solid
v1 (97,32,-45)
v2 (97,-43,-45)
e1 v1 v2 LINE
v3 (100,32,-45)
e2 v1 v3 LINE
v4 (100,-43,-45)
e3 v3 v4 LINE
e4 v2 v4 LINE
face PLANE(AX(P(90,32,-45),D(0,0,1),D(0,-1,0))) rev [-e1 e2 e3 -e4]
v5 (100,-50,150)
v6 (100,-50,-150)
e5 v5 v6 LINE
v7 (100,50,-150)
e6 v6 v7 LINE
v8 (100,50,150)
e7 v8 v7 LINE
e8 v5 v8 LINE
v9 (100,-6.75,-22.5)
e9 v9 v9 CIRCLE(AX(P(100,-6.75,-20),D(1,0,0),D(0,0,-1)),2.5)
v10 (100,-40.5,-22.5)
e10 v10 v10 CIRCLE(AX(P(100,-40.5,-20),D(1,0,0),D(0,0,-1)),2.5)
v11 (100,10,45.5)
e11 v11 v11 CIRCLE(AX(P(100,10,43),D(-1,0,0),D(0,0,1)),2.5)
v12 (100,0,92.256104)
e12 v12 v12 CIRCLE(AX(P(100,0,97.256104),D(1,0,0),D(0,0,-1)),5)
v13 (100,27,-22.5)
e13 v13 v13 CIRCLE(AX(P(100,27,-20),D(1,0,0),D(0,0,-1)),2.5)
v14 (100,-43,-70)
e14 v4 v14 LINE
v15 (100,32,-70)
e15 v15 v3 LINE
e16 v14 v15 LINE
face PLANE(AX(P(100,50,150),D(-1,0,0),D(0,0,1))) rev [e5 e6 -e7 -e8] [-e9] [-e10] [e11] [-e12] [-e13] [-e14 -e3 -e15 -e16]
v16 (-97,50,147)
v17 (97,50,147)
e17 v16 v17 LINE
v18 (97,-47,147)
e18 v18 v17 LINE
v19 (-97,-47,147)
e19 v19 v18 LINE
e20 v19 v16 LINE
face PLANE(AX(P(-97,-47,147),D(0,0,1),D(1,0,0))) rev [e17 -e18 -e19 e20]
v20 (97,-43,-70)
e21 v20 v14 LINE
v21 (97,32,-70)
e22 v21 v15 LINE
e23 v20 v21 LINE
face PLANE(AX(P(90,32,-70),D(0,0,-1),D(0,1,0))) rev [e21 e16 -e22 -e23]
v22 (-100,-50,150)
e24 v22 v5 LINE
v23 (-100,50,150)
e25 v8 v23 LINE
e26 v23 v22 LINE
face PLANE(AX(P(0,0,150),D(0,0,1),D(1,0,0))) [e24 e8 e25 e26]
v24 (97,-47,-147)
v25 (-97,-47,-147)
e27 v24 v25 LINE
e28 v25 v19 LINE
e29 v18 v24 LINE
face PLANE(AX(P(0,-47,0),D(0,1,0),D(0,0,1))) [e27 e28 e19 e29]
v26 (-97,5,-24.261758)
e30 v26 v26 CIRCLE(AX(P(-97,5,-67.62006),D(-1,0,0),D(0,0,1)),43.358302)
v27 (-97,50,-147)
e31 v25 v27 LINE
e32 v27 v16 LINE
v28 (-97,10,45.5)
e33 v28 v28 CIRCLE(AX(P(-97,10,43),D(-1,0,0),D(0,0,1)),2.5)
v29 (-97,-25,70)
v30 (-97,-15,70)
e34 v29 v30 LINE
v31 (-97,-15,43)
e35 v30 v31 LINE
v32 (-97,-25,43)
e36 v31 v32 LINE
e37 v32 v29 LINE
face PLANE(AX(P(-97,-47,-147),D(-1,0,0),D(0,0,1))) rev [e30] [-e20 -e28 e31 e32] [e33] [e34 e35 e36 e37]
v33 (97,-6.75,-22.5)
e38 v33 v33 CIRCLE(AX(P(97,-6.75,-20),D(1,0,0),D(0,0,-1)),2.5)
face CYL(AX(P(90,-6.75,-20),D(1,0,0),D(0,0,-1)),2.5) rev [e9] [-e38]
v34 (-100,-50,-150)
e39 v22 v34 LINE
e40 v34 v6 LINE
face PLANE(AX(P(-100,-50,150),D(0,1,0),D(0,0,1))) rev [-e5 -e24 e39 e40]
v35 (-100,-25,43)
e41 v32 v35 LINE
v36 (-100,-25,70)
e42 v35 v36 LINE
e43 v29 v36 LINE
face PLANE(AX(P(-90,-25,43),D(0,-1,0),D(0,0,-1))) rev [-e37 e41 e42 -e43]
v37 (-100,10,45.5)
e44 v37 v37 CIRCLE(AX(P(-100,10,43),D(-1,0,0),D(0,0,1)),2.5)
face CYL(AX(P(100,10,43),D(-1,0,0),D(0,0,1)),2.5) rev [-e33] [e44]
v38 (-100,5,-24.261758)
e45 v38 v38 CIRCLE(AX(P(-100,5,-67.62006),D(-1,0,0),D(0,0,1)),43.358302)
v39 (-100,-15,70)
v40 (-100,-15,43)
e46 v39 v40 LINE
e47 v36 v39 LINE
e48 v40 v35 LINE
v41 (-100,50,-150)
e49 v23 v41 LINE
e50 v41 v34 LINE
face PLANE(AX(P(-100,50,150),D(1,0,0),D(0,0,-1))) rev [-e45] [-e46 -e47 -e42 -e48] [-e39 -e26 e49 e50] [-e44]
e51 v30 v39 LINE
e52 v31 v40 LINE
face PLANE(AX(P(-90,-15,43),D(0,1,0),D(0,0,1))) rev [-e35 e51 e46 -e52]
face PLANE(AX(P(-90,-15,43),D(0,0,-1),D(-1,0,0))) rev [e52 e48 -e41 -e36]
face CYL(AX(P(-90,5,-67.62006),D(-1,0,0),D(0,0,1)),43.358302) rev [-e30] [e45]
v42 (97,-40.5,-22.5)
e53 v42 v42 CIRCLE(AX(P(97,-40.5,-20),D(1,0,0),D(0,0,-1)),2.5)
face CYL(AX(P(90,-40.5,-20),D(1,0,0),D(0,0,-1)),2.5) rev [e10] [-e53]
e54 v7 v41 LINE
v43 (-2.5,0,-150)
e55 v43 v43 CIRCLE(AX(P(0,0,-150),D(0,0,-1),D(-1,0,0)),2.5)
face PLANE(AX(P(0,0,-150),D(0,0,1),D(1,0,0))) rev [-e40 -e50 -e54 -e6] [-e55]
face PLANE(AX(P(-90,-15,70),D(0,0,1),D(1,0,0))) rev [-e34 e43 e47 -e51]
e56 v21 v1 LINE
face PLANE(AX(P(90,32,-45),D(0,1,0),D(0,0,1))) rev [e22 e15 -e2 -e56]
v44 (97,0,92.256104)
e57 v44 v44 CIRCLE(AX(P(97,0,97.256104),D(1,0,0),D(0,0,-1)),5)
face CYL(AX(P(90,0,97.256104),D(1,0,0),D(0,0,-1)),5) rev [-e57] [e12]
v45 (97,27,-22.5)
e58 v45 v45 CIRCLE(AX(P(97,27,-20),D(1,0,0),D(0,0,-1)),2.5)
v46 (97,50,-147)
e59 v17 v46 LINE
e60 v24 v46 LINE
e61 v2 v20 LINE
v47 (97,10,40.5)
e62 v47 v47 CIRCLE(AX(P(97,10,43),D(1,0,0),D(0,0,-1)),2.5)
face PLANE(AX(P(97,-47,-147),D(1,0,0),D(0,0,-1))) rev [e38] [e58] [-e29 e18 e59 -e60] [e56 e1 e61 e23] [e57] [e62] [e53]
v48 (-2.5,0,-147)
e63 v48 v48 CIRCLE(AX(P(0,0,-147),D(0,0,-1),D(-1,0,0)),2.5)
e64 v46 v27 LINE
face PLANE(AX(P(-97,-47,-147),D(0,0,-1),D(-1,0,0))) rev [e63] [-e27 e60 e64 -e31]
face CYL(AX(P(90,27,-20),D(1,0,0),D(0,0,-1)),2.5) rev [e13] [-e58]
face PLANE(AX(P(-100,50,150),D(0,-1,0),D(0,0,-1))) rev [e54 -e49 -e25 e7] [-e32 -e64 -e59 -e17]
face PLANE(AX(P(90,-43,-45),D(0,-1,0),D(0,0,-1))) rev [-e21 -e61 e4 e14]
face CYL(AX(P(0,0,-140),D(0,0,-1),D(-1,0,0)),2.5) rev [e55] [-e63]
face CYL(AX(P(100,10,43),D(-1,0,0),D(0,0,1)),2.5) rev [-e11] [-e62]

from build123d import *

# Parameters (mm, degrees)
ESBO_O1_W                = 200
ESBO_O1_H                = 100
RESSALTO_EXTRUS_O1_DEPTH = 150
ESBO_O2_W                = 194
ESBO_O2_H                = 294
CORTE_EXTRUS_O1_DEPTH    = 97
ESBO_O5_R                = 5
CORTE_EXTRUS_O4_DEPTH    = 10
ESBO_O7_R                = 2.5
CORTE_EXTRUS_O6_DEPTH    = 10
ESBO_O8_W                = 27
ESBO_O8_H                = 10
CORTE_EXTRUS_O9_DEPTH    = 10
ESBO_O11_R               = 2.5
CORTE_EXTRUS_O12_DEPTH   = 201
ESBO_O12_R               = 2.5
ESBO_O12_W               = 25
ESBO_O12_H               = 75
CORTE_EXTRUS_O13_DEPTH   = 10
ESBO_O13_R               = 43.358301647
CORTE_EXTRUS_O14_DEPTH   = 10


with BuildPart() as part:
    # Esboço1 → Ressalto-extrusão1 (new body, symmetric)
    with BuildSketch(Plane.XY):
        Rectangle(ESBO_O1_W, ESBO_O1_H)
    extrude(amount=RESSALTO_EXTRUS_O1_DEPTH, both=True)

    # Esboço2 → Corte-extrusão1 (cut)
    with BuildSketch(Plane(origin=(0, 50, 0), x_dir=(1, 0, 0), z_dir=(0, 1, 0))):
        Rectangle(ESBO_O2_W, ESBO_O2_H)
    extrude(amount=-CORTE_EXTRUS_O1_DEPTH, mode=Mode.SUBTRACT)

    # Esboço5 → Corte-extrusão4 (cut)
    with BuildSketch(Plane(origin=(100, 0, 0), x_dir=(0, 0, -1), z_dir=(1, 0, 0))):
        with Locations((-97.256103524, 0)):
            Circle(ESBO_O5_R)
    extrude(amount=-CORTE_EXTRUS_O4_DEPTH, mode=Mode.SUBTRACT)

    # Esboço7 → Corte-extrusão6 (cut)
    with BuildSketch(Plane(origin=(0, 0, -150), x_dir=(-1, 0, 0), z_dir=(0, 0, -1))):
        Circle(ESBO_O7_R)
    extrude(amount=-CORTE_EXTRUS_O6_DEPTH, mode=Mode.SUBTRACT)

    # Esboço8 → Corte-extrusão9 (cut)
    with BuildSketch(Plane.ZY.offset(100)):
        with Locations((56.5, -20)):
            Rectangle(ESBO_O8_W, ESBO_O8_H)
    extrude(amount=-CORTE_EXTRUS_O9_DEPTH, mode=Mode.SUBTRACT)

    # Esboço11 → Corte-extrusão12 (cut, through all)
    with BuildSketch(Plane.ZY.offset(100)):
        with Locations((43, 10)):
            Circle(ESBO_O11_R)
    extrude(amount=-CORTE_EXTRUS_O12_DEPTH, mode=Mode.SUBTRACT)

    # Esboço12 → Corte-extrusão13 (cut)
    with BuildSketch(Plane(origin=(100, 0, 0), x_dir=(0, 0, -1), z_dir=(1, 0, 0))):
        with Locations((20, 27)):
            Circle(ESBO_O12_R)
        with Locations((20, -6.75)):
            Circle(ESBO_O12_R)
        with Locations((20, -40.5)):
            Circle(ESBO_O12_R)
        with Locations((57.5, -5.5)):
            Rectangle(ESBO_O12_W, ESBO_O12_H)
    extrude(amount=-CORTE_EXTRUS_O13_DEPTH, mode=Mode.SUBTRACT)

    # Esboço13 → Corte-extrusão14 (cut)
    with BuildSketch(Plane.ZY.offset(100)):
        with Locations((-67.620059567, 5)):
            Circle(ESBO_O13_R)
    extrude(amount=-CORTE_EXTRUS_O14_DEPTH, mode=Mode.SUBTRACT)


solid = part.part
